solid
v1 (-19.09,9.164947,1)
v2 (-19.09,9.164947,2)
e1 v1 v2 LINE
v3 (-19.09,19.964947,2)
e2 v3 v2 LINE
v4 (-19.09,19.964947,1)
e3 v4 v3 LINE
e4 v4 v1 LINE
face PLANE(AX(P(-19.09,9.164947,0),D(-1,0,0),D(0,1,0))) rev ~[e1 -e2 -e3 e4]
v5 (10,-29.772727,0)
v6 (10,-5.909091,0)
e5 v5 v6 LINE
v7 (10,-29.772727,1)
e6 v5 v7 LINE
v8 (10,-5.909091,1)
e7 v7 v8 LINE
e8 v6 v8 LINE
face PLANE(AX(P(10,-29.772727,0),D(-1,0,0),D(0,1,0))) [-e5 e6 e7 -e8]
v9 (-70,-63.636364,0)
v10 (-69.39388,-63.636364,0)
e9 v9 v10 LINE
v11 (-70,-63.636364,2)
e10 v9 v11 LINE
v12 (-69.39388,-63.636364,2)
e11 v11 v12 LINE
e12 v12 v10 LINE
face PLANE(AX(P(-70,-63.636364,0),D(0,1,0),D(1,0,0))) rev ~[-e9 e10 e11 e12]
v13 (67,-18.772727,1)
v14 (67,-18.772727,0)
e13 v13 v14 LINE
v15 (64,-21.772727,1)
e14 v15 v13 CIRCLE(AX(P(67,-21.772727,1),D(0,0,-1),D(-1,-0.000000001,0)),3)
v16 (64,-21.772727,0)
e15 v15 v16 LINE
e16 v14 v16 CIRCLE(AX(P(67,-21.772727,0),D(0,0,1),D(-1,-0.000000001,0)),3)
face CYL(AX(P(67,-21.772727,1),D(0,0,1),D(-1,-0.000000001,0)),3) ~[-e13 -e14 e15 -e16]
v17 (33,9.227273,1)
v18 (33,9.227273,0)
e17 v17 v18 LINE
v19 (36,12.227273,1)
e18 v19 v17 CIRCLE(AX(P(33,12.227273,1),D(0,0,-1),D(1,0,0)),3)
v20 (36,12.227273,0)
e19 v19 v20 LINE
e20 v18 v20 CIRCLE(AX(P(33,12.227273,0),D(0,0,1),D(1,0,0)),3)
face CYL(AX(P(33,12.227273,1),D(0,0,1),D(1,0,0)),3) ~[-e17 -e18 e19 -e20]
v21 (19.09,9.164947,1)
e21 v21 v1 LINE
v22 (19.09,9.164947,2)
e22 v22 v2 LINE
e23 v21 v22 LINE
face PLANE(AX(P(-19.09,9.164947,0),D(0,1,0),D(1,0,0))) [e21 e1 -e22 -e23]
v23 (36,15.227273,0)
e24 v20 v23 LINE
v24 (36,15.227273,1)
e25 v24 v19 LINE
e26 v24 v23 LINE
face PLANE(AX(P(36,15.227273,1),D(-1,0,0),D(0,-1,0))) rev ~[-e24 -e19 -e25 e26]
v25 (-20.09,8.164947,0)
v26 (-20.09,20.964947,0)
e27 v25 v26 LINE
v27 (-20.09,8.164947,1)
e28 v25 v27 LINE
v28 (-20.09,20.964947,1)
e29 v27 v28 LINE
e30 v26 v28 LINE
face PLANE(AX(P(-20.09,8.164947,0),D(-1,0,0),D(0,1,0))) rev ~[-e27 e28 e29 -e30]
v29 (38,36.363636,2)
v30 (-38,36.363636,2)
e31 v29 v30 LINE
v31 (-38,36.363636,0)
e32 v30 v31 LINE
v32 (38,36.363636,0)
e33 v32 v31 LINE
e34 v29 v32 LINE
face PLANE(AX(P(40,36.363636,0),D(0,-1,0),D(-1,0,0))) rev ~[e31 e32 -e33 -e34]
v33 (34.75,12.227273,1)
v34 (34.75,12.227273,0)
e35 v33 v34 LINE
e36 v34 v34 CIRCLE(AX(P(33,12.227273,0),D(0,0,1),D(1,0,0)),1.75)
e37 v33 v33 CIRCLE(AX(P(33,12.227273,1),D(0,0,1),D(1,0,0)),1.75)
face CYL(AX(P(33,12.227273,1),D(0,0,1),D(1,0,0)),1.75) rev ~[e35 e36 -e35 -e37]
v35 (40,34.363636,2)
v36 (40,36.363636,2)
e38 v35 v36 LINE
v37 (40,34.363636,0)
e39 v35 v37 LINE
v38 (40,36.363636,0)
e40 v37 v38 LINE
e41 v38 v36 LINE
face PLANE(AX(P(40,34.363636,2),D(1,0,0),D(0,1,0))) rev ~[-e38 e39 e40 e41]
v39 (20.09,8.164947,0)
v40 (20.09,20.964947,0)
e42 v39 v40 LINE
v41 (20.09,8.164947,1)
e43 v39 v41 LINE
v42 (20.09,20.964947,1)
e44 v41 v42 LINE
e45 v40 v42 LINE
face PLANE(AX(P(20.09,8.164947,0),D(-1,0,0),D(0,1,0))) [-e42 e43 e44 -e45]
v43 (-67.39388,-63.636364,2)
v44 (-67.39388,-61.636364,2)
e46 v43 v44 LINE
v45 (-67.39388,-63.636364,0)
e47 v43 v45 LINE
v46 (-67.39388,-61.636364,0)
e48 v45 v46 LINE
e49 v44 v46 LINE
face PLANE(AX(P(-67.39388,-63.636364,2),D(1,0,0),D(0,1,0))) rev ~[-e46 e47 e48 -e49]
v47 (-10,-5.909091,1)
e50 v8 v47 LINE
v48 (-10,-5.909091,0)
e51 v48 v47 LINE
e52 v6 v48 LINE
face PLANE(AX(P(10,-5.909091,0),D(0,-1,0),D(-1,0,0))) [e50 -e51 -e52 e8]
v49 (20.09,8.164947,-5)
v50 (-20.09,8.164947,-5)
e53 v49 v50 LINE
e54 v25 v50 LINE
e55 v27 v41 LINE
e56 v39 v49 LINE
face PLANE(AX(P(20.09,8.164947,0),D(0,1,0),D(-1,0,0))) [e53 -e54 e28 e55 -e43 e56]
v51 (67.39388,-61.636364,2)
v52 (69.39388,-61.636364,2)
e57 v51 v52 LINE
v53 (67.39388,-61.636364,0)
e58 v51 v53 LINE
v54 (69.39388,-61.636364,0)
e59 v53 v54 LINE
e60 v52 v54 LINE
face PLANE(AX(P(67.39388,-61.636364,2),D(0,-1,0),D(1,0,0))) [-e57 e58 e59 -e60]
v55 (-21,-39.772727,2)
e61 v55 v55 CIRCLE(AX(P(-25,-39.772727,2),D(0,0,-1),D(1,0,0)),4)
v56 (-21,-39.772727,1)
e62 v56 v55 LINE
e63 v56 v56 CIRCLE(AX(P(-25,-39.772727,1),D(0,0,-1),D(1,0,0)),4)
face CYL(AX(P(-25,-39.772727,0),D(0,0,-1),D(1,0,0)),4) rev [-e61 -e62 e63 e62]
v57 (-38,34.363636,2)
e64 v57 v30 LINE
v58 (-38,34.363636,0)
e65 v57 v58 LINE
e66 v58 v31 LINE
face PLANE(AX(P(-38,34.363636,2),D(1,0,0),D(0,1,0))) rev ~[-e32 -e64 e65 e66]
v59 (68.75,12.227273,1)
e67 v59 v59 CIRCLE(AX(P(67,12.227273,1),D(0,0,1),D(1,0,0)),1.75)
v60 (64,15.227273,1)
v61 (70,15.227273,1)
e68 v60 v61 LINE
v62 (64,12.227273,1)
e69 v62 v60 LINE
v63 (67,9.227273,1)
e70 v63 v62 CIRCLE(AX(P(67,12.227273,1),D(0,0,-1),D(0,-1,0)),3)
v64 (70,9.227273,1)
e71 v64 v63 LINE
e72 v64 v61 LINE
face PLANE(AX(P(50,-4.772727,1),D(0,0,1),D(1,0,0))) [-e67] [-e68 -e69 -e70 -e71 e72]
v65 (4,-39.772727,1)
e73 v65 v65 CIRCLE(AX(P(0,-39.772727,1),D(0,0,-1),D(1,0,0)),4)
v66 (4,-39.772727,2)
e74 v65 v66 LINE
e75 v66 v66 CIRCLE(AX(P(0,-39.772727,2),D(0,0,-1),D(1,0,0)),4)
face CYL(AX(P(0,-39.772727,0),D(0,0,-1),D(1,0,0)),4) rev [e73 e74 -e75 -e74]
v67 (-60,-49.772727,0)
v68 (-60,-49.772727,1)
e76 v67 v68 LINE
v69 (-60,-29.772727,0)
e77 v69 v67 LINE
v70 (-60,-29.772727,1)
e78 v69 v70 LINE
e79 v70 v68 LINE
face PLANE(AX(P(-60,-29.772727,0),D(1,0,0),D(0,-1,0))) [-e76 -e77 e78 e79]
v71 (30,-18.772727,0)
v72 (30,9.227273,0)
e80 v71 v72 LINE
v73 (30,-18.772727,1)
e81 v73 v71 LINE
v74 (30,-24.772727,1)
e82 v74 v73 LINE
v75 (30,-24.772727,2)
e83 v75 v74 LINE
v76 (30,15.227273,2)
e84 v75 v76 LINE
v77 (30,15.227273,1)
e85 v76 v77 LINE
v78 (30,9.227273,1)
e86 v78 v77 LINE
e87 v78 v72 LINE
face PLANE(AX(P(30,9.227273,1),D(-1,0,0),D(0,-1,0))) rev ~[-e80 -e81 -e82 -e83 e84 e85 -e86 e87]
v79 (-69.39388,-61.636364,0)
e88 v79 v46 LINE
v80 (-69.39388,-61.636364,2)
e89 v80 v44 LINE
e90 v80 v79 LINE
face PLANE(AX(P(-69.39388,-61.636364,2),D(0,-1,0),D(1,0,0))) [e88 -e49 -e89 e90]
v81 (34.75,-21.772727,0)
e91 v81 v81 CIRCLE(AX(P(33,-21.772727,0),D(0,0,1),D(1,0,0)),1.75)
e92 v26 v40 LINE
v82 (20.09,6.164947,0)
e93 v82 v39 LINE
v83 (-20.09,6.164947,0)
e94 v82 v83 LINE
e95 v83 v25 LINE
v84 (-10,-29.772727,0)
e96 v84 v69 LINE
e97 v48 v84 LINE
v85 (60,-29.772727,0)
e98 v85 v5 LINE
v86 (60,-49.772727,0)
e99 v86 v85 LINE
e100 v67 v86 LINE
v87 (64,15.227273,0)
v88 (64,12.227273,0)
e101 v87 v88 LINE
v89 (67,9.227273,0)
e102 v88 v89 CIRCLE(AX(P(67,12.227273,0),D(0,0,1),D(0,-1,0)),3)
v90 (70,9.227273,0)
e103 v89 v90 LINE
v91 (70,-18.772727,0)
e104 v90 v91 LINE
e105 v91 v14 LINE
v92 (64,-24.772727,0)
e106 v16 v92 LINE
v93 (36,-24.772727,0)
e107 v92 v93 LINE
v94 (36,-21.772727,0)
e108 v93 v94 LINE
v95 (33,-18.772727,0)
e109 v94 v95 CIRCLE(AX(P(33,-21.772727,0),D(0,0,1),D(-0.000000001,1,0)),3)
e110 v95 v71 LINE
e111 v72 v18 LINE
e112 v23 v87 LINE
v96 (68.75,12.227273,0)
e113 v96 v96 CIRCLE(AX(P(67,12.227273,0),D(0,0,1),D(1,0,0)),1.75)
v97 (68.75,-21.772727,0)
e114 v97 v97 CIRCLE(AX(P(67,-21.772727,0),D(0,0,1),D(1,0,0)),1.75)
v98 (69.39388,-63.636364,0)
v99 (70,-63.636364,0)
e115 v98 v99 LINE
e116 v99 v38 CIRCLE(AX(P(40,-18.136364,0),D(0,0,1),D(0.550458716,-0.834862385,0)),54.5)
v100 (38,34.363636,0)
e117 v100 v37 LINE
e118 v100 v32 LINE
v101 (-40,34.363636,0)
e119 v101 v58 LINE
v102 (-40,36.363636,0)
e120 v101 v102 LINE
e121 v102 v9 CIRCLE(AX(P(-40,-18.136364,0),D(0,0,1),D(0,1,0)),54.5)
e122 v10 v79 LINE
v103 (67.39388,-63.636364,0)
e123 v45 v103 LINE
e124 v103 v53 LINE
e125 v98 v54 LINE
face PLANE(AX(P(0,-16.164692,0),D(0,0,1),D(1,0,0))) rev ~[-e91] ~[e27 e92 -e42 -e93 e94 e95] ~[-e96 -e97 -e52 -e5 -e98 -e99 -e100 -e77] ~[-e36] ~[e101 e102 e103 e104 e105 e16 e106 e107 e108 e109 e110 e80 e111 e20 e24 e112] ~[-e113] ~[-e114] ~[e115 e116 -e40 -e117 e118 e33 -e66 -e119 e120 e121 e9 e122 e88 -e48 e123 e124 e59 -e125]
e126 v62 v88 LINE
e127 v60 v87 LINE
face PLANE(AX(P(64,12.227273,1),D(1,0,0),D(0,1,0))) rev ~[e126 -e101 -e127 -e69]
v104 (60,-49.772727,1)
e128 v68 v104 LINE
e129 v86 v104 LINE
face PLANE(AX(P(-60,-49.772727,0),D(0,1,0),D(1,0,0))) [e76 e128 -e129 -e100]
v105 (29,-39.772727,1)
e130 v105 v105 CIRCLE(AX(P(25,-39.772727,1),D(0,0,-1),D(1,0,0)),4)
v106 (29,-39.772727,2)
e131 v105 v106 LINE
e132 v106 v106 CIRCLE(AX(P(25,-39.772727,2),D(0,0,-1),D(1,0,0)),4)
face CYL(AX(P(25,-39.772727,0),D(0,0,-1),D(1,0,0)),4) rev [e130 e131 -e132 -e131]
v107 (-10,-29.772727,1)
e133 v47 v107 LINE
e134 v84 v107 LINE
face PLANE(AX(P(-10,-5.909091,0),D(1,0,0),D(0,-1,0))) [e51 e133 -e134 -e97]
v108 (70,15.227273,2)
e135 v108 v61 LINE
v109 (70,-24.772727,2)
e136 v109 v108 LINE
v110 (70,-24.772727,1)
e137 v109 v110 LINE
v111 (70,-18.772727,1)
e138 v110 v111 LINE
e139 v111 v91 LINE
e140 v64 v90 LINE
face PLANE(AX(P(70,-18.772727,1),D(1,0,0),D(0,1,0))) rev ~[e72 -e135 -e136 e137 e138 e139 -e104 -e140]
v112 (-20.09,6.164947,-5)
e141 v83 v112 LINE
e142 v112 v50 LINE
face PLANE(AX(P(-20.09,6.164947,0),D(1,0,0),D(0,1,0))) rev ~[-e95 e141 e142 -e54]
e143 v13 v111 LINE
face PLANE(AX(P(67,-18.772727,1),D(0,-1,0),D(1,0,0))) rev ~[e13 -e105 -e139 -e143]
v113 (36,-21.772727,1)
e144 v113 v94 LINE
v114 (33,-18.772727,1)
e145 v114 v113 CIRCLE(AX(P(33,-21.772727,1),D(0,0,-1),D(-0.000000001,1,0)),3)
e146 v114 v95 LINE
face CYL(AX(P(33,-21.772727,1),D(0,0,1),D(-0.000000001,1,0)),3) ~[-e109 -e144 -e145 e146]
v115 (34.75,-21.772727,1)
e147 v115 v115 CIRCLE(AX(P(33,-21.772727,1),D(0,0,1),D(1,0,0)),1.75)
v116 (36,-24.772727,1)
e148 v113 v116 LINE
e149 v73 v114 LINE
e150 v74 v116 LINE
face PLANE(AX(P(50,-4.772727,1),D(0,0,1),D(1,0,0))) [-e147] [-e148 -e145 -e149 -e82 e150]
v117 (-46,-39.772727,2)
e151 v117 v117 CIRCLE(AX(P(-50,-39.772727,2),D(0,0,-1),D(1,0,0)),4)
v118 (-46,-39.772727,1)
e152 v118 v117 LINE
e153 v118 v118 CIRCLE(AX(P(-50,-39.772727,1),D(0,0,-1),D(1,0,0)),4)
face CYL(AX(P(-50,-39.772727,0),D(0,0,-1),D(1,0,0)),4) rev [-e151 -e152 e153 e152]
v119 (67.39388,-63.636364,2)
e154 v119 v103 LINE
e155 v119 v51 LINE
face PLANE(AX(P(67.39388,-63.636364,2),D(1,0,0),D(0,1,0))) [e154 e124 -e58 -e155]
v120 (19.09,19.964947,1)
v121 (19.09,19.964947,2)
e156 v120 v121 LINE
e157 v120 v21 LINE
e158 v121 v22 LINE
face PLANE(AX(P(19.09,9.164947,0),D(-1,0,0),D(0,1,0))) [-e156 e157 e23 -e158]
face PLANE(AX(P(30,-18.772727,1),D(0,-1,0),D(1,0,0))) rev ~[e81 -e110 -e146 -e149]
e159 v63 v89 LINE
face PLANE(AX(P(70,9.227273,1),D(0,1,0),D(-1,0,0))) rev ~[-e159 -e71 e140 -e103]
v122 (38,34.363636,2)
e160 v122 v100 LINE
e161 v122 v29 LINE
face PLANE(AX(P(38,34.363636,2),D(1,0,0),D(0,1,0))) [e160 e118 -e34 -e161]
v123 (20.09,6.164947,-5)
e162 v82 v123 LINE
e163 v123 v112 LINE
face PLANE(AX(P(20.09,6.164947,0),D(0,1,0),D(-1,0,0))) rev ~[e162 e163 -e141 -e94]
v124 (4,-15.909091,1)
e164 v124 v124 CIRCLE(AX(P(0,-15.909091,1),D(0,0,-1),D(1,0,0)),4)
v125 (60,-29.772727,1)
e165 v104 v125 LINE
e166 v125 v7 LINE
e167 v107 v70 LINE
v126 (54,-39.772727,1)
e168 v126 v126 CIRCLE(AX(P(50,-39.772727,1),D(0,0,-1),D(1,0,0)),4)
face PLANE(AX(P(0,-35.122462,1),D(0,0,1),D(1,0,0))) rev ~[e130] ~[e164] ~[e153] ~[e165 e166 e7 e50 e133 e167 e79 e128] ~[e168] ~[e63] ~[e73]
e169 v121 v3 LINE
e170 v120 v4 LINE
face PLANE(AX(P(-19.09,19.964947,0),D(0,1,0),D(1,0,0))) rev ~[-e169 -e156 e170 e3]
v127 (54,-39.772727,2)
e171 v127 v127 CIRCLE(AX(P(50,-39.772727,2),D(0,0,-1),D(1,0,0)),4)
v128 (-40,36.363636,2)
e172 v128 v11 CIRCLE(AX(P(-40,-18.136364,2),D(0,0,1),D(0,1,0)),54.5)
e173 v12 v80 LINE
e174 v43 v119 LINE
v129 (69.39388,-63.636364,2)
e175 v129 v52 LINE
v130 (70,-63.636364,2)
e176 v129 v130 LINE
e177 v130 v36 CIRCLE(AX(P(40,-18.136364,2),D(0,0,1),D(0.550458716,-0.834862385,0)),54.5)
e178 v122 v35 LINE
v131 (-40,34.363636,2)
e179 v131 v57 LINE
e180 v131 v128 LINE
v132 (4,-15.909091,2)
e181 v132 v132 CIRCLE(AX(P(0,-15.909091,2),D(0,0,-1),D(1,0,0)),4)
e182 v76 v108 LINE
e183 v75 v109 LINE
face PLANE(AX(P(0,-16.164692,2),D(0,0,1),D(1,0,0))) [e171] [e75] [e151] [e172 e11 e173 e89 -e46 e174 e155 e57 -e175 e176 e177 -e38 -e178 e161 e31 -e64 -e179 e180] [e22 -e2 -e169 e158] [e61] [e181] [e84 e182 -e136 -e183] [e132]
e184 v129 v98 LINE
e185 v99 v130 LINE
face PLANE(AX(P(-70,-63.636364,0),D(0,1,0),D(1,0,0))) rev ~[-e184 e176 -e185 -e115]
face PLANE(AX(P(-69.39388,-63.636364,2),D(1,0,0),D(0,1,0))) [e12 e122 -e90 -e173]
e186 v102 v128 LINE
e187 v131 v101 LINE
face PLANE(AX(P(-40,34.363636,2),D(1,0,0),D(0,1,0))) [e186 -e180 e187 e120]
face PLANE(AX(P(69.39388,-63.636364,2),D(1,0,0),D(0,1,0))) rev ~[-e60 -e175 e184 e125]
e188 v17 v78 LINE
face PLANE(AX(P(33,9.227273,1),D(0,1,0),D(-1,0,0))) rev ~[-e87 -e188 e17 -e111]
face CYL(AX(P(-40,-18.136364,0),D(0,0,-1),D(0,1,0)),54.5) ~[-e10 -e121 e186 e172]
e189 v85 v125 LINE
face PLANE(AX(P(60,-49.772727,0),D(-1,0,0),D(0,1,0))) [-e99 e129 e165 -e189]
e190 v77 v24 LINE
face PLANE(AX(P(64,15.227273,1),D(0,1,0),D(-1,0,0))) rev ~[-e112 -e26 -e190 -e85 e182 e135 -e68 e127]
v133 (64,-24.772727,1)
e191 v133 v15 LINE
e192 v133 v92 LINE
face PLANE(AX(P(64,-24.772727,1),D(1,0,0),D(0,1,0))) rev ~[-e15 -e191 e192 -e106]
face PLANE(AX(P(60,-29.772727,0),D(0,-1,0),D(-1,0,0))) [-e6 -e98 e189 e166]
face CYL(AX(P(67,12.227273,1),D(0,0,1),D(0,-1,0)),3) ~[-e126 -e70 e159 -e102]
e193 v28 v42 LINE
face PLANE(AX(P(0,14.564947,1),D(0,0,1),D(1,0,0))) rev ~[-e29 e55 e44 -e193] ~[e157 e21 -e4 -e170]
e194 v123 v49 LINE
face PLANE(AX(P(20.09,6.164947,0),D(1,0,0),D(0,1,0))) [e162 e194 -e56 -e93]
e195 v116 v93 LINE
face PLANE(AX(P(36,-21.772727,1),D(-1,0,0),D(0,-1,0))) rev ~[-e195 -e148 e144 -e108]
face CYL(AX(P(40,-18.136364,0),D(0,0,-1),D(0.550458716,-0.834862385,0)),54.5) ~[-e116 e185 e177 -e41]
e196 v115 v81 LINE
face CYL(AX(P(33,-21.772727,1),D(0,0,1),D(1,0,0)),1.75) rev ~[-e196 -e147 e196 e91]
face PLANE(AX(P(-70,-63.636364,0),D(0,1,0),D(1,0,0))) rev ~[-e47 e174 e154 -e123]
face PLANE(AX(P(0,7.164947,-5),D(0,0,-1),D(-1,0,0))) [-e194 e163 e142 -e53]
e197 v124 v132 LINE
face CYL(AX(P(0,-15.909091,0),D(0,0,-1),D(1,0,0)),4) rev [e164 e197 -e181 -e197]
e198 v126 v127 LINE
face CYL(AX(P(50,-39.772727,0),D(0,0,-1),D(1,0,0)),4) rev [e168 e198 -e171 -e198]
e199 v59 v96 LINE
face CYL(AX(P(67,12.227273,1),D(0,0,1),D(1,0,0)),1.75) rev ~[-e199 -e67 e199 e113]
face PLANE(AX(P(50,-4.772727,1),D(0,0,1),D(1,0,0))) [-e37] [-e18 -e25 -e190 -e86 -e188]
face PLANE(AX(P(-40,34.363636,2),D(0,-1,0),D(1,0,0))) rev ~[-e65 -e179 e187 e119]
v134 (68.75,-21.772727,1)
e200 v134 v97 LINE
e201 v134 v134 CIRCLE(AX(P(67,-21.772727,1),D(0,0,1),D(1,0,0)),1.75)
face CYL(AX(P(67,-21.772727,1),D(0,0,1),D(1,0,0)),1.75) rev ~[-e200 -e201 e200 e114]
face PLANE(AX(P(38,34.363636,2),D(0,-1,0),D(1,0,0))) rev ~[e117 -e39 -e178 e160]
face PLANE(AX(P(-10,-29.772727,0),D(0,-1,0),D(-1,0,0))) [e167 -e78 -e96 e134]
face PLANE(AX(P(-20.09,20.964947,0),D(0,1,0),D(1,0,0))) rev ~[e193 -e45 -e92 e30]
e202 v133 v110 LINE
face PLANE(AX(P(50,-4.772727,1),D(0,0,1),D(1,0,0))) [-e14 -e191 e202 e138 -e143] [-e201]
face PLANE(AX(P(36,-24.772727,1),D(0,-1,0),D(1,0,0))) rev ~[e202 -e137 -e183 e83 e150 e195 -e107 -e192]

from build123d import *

# Parameters (mm, degrees)
BOSS_EXTRUDE1_DEPTH = 2
SKETCH2_W           = 40.18
SKETCH2_H           = 12.8
CUT_EXTRUDE1_DEPTH  = 1
SKETCH3_W           = 38.18
SKETCH3_H           = 10.8
CUT_EXTRUDE4_DEPTH  = 3
SKETCH4_W           = 2
SKETCH4_H           = 2
CUT_EXTRUDE5_DEPTH  = 3
SKETCH5_R           = 4
CUT_EXTRUDE6_DEPTH  = 5
SKETCH7_W           = 40.18
SKETCH7_H           = 2
BOSS_EXTRUDE2_DEPTH = 5
CUT_EXTRUDE10_DEPTH = 1
SKETCH12_W          = 40
SKETCH12_H          = 40
CUT_EXTRUDE11_DEPTH = 1
CUT_EXTRUDE12_REACH = 8
SKETCH13_R          = 1.75


with BuildPart() as part:
    # Sketch1 → Boss-Extrude1 (new body)
    with BuildSketch(Plane.XY):
        with BuildLine():
            Line((-70, -63.636363636), (70, -63.636363636))
            ThreePointArc((70, -63.636363636), (92.201532545, -2.475903873), (40, 36.363636364))
            Line((40, 36.363636364), (-40, 36.363636364))
            ThreePointArc((-40, 36.363636364), (-92.201532545, -2.475903873), (-70, -63.636363636))
        make_face()
    extrude(amount=BOSS_EXTRUDE1_DEPTH)

    # Sketch2 → Cut-Extrude1 (cut)
    with BuildSketch(Plane.XY):
        with Locations((0, 14.564946817)):
            Rectangle(SKETCH2_W, SKETCH2_H)
    extrude(amount=CUT_EXTRUDE1_DEPTH, mode=Mode.SUBTRACT)

    # Sketch3 → Cut-Extrude4 (cut, through all)
    with BuildSketch(Plane.XY):
        with Locations((0, 14.564946817)):
            Rectangle(SKETCH3_W, SKETCH3_H)
    extrude(amount=CUT_EXTRUDE4_DEPTH, mode=Mode.SUBTRACT)

    # Sketch4 → Cut-Extrude5 (cut, through all)
    with BuildSketch(Plane.XY.offset(2)):
        with Locations((-39, 35.363636364)):
            Rectangle(SKETCH4_W, SKETCH4_H)
        with Locations((39, 35.363636364)):
            Rectangle(SKETCH4_W, SKETCH4_H)
        with Locations((-68.39388, -62.636363636)):
            Rectangle(SKETCH4_W, SKETCH4_H)
        with Locations((68.39388, -62.636363636)):
            Rectangle(SKETCH4_W, SKETCH4_H)
    extrude(amount=-CUT_EXTRUDE5_DEPTH, mode=Mode.SUBTRACT)

    # Sketch5 → Cut-Extrude6 (cut)
    with BuildSketch(Plane.XY):
        with Locations((0, -15.909090909)):
            Circle(SKETCH5_R)
        with Locations((0, -39.772727273)):
            Circle(SKETCH5_R)
        with Locations((25, -39.772727273)):
            Circle(SKETCH5_R)
        with Locations((50, -39.772727273)):
            Circle(SKETCH5_R)
        with Locations((-25, -39.772727273)):
            Circle(SKETCH5_R)
        with Locations((-50, -39.772727273)):
            Circle(SKETCH5_R)
    extrude(amount=CUT_EXTRUDE6_DEPTH, mode=Mode.SUBTRACT)

    # Sketch7 → Boss-Extrude2 (add)
    with BuildSketch(Plane(origin=(0, 0, 0), x_dir=(-1, 0, 0), z_dir=(0, 0, -1))):
        with Locations((0, 7.164946817)):
            Rectangle(SKETCH7_W, SKETCH7_H)
    extrude(amount=BOSS_EXTRUDE2_DEPTH)

    # Sketch11 → Cut-Extrude10 (cut)
    with BuildSketch(Plane(origin=(0, 0, 0), x_dir=(-1, 0, 0), z_dir=(0, 0, -1))):
        Polygon((-60, -29.772727273), (-10, -29.772727273), (-10, -5.909090909), (10, -5.909090909), (10, -29.772727273), (60, -29.772727273), (60, -49.772727273), (-60, -49.772727273), align=None)
    extrude(amount=-CUT_EXTRUDE10_DEPTH, mode=Mode.SUBTRACT)

    # Sketch12 → Cut-Extrude11 (cut)
    with BuildSketch(Plane.XY.offset(2)):
        with Locations((50, -4.772727273)):
            Rectangle(SKETCH12_W, SKETCH12_H)
    extrude(amount=-CUT_EXTRUDE11_DEPTH, mode=Mode.SUBTRACT)

    # Sketch13 → Cut-Extrude12 (cut, up to next)
    with BuildSketch(Plane.XY.offset(1), mode=Mode.PRIVATE) as cut_extrude12_sk1:
        with Locations((33, 12.227272727)):
            Circle(SKETCH13_R)
    cut_extrude12_tool1 = extrude(cut_extrude12_sk1.sketch, amount=-CUT_EXTRUDE12_REACH, mode=Mode.PRIVATE) & part.part
    add(cut_extrude12_tool1.solids().sort_by_distance((33, 12.227273, 1))[0], mode=Mode.SUBTRACT)
    # Sketch13 → Cut-Extrude12 (cut, up to next)
    with BuildSketch(Plane.XY.offset(1), mode=Mode.PRIVATE) as cut_extrude12_sk2:
        with Locations((67, 12.227272727)):
            Circle(SKETCH13_R)
    cut_extrude12_tool2 = extrude(cut_extrude12_sk2.sketch, amount=-CUT_EXTRUDE12_REACH, mode=Mode.PRIVATE) & part.part
    add(cut_extrude12_tool2.solids().sort_by_distance((67, 12.227273, 1))[0], mode=Mode.SUBTRACT)
    # Sketch13 → Cut-Extrude12 (cut, up to next)
    with BuildSketch(Plane.XY.offset(1), mode=Mode.PRIVATE) as cut_extrude12_sk3:
        with Locations((33, -21.772727273)):
            Circle(SKETCH13_R)
    cut_extrude12_tool3 = extrude(cut_extrude12_sk3.sketch, amount=-CUT_EXTRUDE12_REACH, mode=Mode.PRIVATE) & part.part
    add(cut_extrude12_tool3.solids().sort_by_distance((33, -21.772727, 1))[0], mode=Mode.SUBTRACT)
    # Sketch13 → Cut-Extrude12 (cut, up to next)
    with BuildSketch(Plane.XY.offset(1), mode=Mode.PRIVATE) as cut_extrude12_sk4:
        with Locations((67, -21.772727273)):
            Circle(SKETCH13_R)
    cut_extrude12_tool4 = extrude(cut_extrude12_sk4.sketch, amount=-CUT_EXTRUDE12_REACH, mode=Mode.PRIVATE) & part.part
    add(cut_extrude12_tool4.solids().sort_by_distance((67, -21.772727, 1))[0], mode=Mode.SUBTRACT)
    # Sketch13 → Cut-Extrude12 (cut, up to next)
    with BuildSketch(Plane.XY.offset(1), mode=Mode.PRIVATE) as cut_extrude12_sk5:
        with BuildLine():
            Line((30, 9.227272727), (30, -18.772727273))
            Line((30, -18.772727273), (33, -18.772727273))
            ThreePointArc((33, -18.772727273), (35.121320344, -19.651406929), (36, -21.772727273))
            Line((36, -21.772727273), (36, -24.772727273))
            Line((36, -24.772727273), (64, -24.772727273))
            Line((64, -24.772727273), (64, -21.772727273))
            ThreePointArc((64, -21.772727273), (64.878679656, -19.651406929), (67, -18.772727273))
            Line((67, -18.772727273), (70, -18.772727273))
            Line((70, -18.772727273), (70, 9.227272727))
            Line((70, 9.227272727), (67, 9.227272727))
            ThreePointArc((67, 9.227272727), (64.878679656, 10.105952384), (64, 12.227272727))
            Line((64, 12.227272727), (64, 15.227272727))
            Line((64, 15.227272727), (36, 15.227272727))
            Line((36, 15.227272727), (36, 12.227272727))
            ThreePointArc((36, 12.227272727), (35.121320344, 10.105952384), (33, 9.227272727))
            Line((33, 9.227272727), (30, 9.227272727))
        make_face()
    cut_extrude12_tool5 = extrude(cut_extrude12_sk5.sketch, amount=-CUT_EXTRUDE12_REACH, mode=Mode.PRIVATE) & part.part
    add(cut_extrude12_tool5.solids().sort_by_distance((50, -4.772727, 1))[0], mode=Mode.SUBTRACT)


solid = part.part
